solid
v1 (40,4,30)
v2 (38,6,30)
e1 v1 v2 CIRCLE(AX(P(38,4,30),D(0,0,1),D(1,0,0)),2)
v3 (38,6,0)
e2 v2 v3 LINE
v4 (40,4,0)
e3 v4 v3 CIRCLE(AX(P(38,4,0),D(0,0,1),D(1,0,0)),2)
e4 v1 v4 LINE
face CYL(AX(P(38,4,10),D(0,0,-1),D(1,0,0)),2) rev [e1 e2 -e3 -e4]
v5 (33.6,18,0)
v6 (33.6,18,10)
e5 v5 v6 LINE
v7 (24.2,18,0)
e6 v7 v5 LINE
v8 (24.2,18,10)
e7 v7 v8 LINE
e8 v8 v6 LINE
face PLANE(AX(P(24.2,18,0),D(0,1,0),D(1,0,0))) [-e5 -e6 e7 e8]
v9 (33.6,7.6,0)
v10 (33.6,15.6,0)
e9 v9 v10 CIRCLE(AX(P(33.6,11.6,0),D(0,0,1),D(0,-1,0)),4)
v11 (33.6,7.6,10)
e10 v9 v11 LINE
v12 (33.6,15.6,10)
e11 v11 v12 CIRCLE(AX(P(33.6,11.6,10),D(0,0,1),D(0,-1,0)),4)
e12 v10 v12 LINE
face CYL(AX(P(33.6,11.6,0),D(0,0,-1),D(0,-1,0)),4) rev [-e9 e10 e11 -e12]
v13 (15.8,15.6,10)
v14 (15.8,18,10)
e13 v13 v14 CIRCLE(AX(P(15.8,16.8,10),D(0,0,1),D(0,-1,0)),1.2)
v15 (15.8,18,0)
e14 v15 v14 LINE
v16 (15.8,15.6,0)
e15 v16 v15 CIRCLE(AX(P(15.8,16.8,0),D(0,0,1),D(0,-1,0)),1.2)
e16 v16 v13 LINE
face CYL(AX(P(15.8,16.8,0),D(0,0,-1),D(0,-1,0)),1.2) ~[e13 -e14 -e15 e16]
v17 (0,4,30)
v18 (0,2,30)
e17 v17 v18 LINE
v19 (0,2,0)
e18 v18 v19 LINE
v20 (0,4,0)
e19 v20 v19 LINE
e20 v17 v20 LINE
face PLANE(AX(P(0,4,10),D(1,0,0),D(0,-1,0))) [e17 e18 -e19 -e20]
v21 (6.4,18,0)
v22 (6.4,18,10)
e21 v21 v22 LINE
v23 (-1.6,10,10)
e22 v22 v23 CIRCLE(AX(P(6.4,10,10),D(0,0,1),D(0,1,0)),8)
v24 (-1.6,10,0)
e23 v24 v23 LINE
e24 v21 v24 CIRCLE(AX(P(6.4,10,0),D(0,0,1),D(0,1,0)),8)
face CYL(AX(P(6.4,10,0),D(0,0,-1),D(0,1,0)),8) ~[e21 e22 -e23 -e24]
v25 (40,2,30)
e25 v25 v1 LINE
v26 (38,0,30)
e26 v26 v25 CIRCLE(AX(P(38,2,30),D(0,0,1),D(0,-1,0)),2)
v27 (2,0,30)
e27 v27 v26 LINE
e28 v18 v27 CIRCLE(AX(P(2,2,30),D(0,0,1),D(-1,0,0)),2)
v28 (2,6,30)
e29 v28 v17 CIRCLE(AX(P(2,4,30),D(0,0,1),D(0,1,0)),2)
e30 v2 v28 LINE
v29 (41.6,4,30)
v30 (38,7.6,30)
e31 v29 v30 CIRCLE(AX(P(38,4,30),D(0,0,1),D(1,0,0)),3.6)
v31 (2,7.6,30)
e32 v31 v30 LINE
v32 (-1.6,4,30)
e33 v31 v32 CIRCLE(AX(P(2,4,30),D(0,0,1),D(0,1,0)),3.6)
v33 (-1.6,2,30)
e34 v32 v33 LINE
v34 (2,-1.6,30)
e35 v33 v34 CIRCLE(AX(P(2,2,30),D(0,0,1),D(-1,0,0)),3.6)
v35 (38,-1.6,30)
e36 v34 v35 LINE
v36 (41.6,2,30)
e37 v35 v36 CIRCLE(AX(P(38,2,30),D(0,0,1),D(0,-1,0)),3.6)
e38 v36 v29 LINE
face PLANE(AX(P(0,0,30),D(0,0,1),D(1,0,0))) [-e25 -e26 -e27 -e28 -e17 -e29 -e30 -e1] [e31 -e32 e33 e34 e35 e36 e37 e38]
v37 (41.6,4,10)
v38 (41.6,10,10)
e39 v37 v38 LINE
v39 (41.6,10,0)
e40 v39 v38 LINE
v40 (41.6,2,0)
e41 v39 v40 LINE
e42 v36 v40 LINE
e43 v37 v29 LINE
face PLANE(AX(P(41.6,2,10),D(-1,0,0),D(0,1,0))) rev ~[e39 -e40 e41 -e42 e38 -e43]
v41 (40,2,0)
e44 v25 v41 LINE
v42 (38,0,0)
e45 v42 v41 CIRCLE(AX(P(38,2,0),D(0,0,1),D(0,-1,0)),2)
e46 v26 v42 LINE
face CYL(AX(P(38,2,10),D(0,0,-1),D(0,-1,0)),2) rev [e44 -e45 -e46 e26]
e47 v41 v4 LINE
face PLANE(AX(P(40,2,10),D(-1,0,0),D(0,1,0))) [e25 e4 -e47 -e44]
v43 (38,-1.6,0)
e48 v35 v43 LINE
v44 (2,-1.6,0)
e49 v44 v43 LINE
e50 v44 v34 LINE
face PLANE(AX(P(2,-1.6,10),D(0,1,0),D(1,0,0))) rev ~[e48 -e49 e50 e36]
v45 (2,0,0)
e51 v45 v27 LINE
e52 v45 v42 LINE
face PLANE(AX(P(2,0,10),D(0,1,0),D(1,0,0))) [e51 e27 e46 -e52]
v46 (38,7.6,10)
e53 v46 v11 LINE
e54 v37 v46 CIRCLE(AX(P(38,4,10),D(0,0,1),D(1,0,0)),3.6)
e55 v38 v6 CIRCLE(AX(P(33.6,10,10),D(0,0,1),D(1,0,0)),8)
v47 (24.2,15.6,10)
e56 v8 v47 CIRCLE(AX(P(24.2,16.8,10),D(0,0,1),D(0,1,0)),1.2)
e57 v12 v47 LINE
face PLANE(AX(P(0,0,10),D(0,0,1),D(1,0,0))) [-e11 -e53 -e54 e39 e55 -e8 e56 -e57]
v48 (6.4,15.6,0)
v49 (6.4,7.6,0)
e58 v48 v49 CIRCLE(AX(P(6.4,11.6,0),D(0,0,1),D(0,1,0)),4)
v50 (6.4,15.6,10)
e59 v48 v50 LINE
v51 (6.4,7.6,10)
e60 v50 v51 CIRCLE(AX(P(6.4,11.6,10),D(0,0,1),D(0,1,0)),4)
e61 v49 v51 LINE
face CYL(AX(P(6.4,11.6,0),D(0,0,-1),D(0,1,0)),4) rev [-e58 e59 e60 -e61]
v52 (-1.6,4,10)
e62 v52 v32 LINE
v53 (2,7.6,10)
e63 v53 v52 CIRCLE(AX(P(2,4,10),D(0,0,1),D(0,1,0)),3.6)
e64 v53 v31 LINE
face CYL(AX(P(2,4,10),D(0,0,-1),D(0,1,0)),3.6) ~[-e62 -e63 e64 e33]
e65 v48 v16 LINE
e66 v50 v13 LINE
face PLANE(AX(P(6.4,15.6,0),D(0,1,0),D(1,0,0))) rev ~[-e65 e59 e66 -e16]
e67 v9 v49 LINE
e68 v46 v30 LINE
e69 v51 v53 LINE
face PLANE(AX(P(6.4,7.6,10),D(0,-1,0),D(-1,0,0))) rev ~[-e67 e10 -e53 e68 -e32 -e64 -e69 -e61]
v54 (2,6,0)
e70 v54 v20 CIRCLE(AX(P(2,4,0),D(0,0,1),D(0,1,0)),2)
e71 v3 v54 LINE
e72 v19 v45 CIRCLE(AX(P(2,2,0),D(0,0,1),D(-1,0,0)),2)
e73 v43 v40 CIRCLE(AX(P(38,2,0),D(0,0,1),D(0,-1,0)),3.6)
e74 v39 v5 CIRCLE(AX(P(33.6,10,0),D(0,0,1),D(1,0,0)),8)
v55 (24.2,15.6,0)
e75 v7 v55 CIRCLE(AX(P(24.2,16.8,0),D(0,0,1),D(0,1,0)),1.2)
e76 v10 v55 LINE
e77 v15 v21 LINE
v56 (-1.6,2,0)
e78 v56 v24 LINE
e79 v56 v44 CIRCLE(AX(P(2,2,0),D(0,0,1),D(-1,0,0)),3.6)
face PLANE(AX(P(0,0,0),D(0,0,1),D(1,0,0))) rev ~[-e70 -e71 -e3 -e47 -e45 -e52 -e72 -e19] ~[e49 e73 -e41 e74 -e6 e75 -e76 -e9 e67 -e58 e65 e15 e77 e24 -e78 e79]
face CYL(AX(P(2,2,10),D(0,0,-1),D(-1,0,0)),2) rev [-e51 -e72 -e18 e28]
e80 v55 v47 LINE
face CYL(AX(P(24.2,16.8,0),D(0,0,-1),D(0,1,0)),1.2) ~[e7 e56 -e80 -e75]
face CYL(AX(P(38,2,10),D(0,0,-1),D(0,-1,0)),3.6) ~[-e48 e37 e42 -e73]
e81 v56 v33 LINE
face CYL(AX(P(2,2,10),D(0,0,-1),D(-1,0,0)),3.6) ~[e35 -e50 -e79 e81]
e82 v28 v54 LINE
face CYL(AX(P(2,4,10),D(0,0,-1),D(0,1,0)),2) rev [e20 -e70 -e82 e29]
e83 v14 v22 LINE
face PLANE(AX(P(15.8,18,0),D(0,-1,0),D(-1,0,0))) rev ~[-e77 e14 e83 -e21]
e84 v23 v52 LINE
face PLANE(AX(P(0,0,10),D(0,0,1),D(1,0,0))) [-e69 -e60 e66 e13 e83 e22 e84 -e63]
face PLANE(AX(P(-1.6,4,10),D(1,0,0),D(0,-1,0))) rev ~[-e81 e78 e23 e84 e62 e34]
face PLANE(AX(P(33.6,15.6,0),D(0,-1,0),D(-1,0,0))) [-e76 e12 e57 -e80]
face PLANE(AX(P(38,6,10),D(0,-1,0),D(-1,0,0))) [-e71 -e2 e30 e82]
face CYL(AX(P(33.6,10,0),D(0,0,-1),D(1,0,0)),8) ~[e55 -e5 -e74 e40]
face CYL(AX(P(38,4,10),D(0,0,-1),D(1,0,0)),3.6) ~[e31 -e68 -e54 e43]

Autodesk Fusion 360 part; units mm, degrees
sketch "Sketch1" plane through (0, 0, 0) normal (0, 0, 1) x (1, 0, 0)
  line L0 (2, 0) -> (38, 0)
  line L1 (40, 2) -> (40, 4)
  line L2 (38, 6) -> (2, 6)
  line L3 (0, 4) -> (0, 2)
  arc A0 (2, 6) -> (0, 4) centre (2, 4) ccw
  arc A1 (0, 2) -> (2, 0) centre (2, 2) ccw
  arc A2 (38, 0) -> (40, 2) centre (38, 2) ccw
  arc A3 (40, 4) -> (38, 6) centre (38, 4) ccw
  line L4 (-1.6, 4) -> (-1.6, 2)
  arc A4 (-1.6, 2) -> (2, -1.6) centre (2, 2) ccw
  line L5 (2, -1.6) -> (38, -1.6)
  arc A5 (38, -1.6) -> (41.6, 2) centre (38, 2) ccw
  line L6 (41.6, 2) -> (41.6, 4)
  arc A6 (41.6, 4) -> (38, 7.6) centre (38, 4) ccw
  line L7 (38, 7.6) -> (2, 7.6)
  arc A7 (2, 7.6) -> (-1.6, 4) centre (2, 4) ccw
  line L8 (6.4, 15.6) -> (15.8, 15.6)
  arc A8 (6.4, 15.6) -> (6.4, 7.6) centre (6.4, 11.6) ccw
  line L9 (15.8, 18) -> (6.4, 18)
  line L10 (-1.6, 4) -> (-1.6, 10)
  arc A9 (6.4, 18) -> (-1.6, 10) centre (6.4, 10) ccw
  arc A10 (15.8, 15.6) -> (15.8, 18) centre (15.8, 16.8) ccw
  line L11 (20, 6) -> (20, 12.2133) construction
  arc A11 (33.6, 7.6) -> (33.6, 15.6) centre (33.6, 11.6) ccw
  line L12 (33.6, 15.6) -> (24.2, 15.6)
  line L13 (24.2, 18) -> (33.6, 18)
  arc A12 (24.2, 18) -> (24.2, 15.6) centre (24.2, 16.8) ccw
  arc A13 (41.6, 10) -> (33.6, 18) centre (33.6, 10) ccw
  line L14 (41.6, 4) -> (41.6, 10)
  line L15 (6.4, 10) -> (6.4, 11.6) construction
  line L16 (23, 16.8) -> (17, 16.8) construction
  point P0 (0, 6)
  dimension "d1" = 6
  dimension "d2" = 2
  dimension "d3" = 1.6
  dimension "d5" = 8
  dimension "d7" = 2.4
  dimension "d14" = 40
  dimension "d15" = 8
  dimension "d16" = 6
extrude "Extrude1" add sketch "Sketch1" along normal blind 10
extrude "Extrude2" add sketch "Sketch1" along normal blind 20 from surface at 10 contours L4 A4 L5 A5 L6 A6 L7 A7
